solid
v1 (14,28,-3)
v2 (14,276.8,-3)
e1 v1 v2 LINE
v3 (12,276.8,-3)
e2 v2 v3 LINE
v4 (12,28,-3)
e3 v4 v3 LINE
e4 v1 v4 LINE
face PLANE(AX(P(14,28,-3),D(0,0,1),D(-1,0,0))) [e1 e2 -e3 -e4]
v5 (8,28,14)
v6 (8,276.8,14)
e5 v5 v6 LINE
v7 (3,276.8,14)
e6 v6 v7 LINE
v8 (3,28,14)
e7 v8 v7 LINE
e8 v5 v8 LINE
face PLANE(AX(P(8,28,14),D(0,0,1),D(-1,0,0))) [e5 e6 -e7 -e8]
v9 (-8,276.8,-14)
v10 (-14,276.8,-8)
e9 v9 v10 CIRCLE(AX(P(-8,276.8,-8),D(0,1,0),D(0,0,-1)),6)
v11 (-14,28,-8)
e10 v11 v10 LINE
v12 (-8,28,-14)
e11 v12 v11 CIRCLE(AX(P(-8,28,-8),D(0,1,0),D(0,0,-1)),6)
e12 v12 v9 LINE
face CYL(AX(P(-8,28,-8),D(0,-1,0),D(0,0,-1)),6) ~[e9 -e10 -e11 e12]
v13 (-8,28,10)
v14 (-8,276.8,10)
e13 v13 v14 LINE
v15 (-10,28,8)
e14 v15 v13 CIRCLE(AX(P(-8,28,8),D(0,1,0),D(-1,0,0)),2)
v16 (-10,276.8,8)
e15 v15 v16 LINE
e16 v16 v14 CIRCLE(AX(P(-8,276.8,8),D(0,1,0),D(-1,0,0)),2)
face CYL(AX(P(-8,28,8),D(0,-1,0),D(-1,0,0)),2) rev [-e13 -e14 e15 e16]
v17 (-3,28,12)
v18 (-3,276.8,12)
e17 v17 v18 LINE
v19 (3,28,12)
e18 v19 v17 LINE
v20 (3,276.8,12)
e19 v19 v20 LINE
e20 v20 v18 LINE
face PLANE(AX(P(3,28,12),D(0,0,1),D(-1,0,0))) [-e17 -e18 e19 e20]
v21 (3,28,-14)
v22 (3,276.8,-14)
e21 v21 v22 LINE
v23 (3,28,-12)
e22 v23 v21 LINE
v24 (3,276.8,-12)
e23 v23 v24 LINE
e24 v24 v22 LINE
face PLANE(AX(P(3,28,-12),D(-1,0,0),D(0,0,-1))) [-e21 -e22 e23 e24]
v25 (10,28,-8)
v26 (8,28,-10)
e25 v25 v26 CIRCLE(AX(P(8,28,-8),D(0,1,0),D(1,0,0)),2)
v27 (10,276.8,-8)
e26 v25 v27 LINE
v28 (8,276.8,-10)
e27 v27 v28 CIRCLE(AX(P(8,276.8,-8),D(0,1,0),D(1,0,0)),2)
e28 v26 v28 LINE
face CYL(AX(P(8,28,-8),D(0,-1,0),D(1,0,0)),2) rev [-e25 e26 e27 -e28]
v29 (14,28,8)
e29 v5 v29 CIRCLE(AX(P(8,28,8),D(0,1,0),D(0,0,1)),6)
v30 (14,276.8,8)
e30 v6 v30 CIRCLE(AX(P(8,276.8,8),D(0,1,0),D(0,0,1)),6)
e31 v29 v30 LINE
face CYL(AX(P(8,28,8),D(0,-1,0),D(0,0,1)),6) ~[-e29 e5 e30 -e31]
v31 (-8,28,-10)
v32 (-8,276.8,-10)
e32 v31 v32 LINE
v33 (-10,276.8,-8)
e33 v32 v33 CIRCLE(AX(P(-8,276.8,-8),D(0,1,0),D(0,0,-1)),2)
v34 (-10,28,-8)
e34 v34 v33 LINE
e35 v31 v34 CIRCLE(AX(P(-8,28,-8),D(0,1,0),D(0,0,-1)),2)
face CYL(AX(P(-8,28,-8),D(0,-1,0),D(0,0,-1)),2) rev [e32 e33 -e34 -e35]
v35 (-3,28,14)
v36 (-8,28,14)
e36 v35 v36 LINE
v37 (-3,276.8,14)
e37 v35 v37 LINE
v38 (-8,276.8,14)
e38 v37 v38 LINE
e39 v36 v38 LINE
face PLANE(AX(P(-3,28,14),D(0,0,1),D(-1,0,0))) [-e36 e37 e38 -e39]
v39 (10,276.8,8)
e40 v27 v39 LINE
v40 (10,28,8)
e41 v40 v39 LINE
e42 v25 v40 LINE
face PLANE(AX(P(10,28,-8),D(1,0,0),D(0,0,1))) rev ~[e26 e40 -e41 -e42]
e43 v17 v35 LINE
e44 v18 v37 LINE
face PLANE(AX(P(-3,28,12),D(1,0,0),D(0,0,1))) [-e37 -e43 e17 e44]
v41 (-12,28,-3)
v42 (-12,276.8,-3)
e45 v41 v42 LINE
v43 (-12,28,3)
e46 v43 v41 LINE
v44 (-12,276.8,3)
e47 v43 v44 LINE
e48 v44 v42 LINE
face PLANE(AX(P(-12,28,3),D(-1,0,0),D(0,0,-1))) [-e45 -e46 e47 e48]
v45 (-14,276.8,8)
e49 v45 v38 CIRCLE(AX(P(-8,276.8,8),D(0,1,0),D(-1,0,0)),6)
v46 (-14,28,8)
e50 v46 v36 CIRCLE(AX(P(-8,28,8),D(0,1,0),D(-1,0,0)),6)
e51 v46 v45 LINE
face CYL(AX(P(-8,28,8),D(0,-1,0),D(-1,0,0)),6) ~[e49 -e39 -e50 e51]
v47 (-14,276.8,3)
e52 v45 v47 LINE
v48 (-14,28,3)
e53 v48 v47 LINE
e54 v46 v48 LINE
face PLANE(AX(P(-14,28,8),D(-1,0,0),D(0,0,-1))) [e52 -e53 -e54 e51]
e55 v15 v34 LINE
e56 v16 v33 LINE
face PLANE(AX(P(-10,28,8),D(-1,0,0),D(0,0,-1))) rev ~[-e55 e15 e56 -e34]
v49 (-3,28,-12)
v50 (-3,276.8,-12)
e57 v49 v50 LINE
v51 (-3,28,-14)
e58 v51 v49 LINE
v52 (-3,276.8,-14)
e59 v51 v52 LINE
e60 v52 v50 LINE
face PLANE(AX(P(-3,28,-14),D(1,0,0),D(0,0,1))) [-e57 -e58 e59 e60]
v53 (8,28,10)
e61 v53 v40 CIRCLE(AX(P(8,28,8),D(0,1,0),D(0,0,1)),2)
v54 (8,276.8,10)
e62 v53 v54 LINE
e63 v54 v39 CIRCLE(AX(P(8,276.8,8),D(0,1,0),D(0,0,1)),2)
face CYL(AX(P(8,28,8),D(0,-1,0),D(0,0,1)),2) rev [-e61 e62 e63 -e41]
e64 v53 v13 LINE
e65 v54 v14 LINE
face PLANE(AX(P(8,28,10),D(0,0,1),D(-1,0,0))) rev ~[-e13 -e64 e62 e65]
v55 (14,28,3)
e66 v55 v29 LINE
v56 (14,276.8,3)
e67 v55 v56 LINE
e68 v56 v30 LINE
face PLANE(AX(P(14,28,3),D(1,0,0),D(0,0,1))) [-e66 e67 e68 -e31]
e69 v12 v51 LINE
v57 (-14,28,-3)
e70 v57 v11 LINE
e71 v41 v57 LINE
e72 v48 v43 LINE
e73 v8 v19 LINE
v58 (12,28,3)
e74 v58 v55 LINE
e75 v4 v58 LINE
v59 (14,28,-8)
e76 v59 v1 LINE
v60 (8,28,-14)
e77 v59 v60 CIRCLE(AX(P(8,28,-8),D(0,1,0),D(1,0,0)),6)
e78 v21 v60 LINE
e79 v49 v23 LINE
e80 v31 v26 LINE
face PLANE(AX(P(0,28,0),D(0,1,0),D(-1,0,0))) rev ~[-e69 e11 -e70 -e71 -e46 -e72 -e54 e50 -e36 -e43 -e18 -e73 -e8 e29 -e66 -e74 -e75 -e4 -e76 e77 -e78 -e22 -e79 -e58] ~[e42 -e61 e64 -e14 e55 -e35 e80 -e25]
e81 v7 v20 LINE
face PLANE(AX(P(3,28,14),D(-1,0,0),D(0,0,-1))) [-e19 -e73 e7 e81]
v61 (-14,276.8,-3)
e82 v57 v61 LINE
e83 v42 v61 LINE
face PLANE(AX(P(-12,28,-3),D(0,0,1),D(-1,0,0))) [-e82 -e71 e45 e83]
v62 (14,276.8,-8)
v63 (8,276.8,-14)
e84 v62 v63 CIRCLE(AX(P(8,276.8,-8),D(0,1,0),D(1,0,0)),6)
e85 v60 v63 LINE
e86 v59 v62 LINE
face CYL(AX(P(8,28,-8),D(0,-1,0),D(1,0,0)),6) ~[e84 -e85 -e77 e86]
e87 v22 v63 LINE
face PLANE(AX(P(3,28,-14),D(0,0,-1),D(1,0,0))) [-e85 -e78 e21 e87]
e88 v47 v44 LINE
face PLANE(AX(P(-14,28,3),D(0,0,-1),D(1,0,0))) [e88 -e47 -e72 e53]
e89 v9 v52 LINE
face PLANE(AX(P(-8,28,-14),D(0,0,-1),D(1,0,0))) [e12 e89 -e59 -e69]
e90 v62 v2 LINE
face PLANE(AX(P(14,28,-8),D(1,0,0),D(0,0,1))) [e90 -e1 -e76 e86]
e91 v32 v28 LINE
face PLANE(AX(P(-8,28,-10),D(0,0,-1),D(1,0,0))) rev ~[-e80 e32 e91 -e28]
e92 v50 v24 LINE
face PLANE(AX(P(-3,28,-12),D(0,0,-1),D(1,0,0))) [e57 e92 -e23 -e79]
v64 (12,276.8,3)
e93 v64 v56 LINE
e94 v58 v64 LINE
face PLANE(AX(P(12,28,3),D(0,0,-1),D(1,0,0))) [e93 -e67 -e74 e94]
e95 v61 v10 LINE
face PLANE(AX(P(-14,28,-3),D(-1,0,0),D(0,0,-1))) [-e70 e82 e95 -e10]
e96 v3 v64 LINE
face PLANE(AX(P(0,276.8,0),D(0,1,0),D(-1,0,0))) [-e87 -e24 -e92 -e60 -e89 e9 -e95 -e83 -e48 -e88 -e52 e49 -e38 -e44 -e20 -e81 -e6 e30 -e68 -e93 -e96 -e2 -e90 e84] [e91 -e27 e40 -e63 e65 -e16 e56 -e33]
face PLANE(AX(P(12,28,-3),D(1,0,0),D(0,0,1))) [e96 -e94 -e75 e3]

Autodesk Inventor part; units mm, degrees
ref_plane "Start Plane" through (0, 28, 0) normal (0, 1, 0) x (-1, 0, 0)
ref_plane "End Plane" through (0, 276.8, 0) normal (0, 1, 0) x (-1, 0, 0)
sketch "Sketch" plane through (0, 0, 0) normal (0, 1, 0) x (-1, 0, 0)
  line L0 (8, -10) -> (-8, -10)
  line L1 (-10, -8) -> (-10, 8)
  line L2 (-8, 10) -> (8, 10)
  line L3 (10, 8) -> (10, -8)
  line L4 (10, -10) -> (-10, 10) construction
  line L5 (-10, -10) -> (10, 10) construction
  line L6 (14, -14) -> (-14, 14) construction
  line L7 (-14, -14) -> (14, 14) construction
  arc A0 (8, -10) -> (10, -8) centre (8, -8) ccw
  arc A1 (-10, -8) -> (-8, -10) centre (-8, -8) ccw
  arc A2 (-8, 10) -> (-10, 8) centre (-8, 8) ccw
  arc A3 (10, 8) -> (8, 10) centre (8, 8) ccw
  arc A4 (8, -14) -> (14, -8) centre (8, -8) ccw
  arc A5 (-14, -8) -> (-8, -14) centre (-8, -8) ccw
  arc A6 (-8, 14) -> (-14, 8) centre (-8, 8) ccw
  arc A7 (14, 8) -> (8, 14) centre (8, 8) ccw
  line L8 (3, -14) -> (3, -12)
  line L9 (3, -12) -> (-3, -12)
  line L10 (-3, -12) -> (-3, -14)
  line L11 (-14, -3) -> (-12, -3)
  line L12 (-12, -3) -> (-12, 3)
  line L13 (-12, 3) -> (-14, 3)
  line L14 (-3, 14) -> (-3, 12)
  line L15 (-3, 12) -> (3, 12)
  line L16 (3, 12) -> (3, 14)
  line L17 (14, 3) -> (12, 3)
  line L18 (12, 3) -> (12, -3)
  line L19 (12, -3) -> (14, -3)
  line L20 (0, -10) -> (0, -12) construction
  line L21 (-10, 0) -> (-12, 0) construction
  line L22 (0, 10) -> (0, 12) construction
  line L23 (10, 0) -> (12, 0) construction
  line L24 (14, 8) -> (14, 3)
  line L25 (14, -3) -> (14, -8)
  line L26 (8, -14) -> (3, -14)
  line L27 (-3, -14) -> (-8, -14)
  line L28 (-14, -8) -> (-14, -3)
  line L29 (-14, 3) -> (-14, 8)
  line L30 (-8, 14) -> (-3, 14)
  line L31 (3, 14) -> (8, 14)
  point P0 (0, 0)
  dimension "d1" = 20
  dimension "d2" = 2
  dimension "d3" = 6
  dimension "d4" = 20
  dimension "d5" = 6
  dimension "d6" = 2
  dimension "d8" = 28
extrude "Body" add sketch "Sketch" along normal up to surface (248.8 mm away) from surface at 28
sketch "Sketch2" plane through (0, 0, 0) normal (0, 1, 0) x (-1, 0, 0)
  line L0 (0, 0) -> (10, 0)
ref_plane "Work Plane3" through (0, 0, 0) normal (0, 0, -1) x (-1, 0, 0)
sketch "Sketch3" plane through (0, 0, 0) normal (0, 0, -1) x (-1, 0, 0)
  line L0 (-2, 28) -> (12, 28) construction
  line L1 (-2, 276.8) -> (12, 276.8) construction
  dimension "d16" = 248.8
ref_plane "Work Plane4" through (-284.8, 276.8, -290.8) normal (0, 1, 0) x (1, 0, 0)
split "Split1" plane through (-284.8, 276.8, -290.8) removes the side toward (0, 1, 0)
ref_plane "Work Plane5" through (-273.8, 28, 14) normal (0, -1, 0) x (1, 0, 0)
split "Split2" plane through (-273.8, 28, 14) removes the side toward (0, -1, 0)
equation "\"G_OFFSET_START\" = -28"
equation "\"G_OFFSET_END\" = -28"
equation "\"d11\" = -G_OFFSET_START"
equation "\"d12\" = Length + G_OFFSET_END"
equation "\"G_L\" = d16"
equation "\"Length\" = 304.8"
properties part number "CE-5.2.2-PR" material "Steel, Mild"
